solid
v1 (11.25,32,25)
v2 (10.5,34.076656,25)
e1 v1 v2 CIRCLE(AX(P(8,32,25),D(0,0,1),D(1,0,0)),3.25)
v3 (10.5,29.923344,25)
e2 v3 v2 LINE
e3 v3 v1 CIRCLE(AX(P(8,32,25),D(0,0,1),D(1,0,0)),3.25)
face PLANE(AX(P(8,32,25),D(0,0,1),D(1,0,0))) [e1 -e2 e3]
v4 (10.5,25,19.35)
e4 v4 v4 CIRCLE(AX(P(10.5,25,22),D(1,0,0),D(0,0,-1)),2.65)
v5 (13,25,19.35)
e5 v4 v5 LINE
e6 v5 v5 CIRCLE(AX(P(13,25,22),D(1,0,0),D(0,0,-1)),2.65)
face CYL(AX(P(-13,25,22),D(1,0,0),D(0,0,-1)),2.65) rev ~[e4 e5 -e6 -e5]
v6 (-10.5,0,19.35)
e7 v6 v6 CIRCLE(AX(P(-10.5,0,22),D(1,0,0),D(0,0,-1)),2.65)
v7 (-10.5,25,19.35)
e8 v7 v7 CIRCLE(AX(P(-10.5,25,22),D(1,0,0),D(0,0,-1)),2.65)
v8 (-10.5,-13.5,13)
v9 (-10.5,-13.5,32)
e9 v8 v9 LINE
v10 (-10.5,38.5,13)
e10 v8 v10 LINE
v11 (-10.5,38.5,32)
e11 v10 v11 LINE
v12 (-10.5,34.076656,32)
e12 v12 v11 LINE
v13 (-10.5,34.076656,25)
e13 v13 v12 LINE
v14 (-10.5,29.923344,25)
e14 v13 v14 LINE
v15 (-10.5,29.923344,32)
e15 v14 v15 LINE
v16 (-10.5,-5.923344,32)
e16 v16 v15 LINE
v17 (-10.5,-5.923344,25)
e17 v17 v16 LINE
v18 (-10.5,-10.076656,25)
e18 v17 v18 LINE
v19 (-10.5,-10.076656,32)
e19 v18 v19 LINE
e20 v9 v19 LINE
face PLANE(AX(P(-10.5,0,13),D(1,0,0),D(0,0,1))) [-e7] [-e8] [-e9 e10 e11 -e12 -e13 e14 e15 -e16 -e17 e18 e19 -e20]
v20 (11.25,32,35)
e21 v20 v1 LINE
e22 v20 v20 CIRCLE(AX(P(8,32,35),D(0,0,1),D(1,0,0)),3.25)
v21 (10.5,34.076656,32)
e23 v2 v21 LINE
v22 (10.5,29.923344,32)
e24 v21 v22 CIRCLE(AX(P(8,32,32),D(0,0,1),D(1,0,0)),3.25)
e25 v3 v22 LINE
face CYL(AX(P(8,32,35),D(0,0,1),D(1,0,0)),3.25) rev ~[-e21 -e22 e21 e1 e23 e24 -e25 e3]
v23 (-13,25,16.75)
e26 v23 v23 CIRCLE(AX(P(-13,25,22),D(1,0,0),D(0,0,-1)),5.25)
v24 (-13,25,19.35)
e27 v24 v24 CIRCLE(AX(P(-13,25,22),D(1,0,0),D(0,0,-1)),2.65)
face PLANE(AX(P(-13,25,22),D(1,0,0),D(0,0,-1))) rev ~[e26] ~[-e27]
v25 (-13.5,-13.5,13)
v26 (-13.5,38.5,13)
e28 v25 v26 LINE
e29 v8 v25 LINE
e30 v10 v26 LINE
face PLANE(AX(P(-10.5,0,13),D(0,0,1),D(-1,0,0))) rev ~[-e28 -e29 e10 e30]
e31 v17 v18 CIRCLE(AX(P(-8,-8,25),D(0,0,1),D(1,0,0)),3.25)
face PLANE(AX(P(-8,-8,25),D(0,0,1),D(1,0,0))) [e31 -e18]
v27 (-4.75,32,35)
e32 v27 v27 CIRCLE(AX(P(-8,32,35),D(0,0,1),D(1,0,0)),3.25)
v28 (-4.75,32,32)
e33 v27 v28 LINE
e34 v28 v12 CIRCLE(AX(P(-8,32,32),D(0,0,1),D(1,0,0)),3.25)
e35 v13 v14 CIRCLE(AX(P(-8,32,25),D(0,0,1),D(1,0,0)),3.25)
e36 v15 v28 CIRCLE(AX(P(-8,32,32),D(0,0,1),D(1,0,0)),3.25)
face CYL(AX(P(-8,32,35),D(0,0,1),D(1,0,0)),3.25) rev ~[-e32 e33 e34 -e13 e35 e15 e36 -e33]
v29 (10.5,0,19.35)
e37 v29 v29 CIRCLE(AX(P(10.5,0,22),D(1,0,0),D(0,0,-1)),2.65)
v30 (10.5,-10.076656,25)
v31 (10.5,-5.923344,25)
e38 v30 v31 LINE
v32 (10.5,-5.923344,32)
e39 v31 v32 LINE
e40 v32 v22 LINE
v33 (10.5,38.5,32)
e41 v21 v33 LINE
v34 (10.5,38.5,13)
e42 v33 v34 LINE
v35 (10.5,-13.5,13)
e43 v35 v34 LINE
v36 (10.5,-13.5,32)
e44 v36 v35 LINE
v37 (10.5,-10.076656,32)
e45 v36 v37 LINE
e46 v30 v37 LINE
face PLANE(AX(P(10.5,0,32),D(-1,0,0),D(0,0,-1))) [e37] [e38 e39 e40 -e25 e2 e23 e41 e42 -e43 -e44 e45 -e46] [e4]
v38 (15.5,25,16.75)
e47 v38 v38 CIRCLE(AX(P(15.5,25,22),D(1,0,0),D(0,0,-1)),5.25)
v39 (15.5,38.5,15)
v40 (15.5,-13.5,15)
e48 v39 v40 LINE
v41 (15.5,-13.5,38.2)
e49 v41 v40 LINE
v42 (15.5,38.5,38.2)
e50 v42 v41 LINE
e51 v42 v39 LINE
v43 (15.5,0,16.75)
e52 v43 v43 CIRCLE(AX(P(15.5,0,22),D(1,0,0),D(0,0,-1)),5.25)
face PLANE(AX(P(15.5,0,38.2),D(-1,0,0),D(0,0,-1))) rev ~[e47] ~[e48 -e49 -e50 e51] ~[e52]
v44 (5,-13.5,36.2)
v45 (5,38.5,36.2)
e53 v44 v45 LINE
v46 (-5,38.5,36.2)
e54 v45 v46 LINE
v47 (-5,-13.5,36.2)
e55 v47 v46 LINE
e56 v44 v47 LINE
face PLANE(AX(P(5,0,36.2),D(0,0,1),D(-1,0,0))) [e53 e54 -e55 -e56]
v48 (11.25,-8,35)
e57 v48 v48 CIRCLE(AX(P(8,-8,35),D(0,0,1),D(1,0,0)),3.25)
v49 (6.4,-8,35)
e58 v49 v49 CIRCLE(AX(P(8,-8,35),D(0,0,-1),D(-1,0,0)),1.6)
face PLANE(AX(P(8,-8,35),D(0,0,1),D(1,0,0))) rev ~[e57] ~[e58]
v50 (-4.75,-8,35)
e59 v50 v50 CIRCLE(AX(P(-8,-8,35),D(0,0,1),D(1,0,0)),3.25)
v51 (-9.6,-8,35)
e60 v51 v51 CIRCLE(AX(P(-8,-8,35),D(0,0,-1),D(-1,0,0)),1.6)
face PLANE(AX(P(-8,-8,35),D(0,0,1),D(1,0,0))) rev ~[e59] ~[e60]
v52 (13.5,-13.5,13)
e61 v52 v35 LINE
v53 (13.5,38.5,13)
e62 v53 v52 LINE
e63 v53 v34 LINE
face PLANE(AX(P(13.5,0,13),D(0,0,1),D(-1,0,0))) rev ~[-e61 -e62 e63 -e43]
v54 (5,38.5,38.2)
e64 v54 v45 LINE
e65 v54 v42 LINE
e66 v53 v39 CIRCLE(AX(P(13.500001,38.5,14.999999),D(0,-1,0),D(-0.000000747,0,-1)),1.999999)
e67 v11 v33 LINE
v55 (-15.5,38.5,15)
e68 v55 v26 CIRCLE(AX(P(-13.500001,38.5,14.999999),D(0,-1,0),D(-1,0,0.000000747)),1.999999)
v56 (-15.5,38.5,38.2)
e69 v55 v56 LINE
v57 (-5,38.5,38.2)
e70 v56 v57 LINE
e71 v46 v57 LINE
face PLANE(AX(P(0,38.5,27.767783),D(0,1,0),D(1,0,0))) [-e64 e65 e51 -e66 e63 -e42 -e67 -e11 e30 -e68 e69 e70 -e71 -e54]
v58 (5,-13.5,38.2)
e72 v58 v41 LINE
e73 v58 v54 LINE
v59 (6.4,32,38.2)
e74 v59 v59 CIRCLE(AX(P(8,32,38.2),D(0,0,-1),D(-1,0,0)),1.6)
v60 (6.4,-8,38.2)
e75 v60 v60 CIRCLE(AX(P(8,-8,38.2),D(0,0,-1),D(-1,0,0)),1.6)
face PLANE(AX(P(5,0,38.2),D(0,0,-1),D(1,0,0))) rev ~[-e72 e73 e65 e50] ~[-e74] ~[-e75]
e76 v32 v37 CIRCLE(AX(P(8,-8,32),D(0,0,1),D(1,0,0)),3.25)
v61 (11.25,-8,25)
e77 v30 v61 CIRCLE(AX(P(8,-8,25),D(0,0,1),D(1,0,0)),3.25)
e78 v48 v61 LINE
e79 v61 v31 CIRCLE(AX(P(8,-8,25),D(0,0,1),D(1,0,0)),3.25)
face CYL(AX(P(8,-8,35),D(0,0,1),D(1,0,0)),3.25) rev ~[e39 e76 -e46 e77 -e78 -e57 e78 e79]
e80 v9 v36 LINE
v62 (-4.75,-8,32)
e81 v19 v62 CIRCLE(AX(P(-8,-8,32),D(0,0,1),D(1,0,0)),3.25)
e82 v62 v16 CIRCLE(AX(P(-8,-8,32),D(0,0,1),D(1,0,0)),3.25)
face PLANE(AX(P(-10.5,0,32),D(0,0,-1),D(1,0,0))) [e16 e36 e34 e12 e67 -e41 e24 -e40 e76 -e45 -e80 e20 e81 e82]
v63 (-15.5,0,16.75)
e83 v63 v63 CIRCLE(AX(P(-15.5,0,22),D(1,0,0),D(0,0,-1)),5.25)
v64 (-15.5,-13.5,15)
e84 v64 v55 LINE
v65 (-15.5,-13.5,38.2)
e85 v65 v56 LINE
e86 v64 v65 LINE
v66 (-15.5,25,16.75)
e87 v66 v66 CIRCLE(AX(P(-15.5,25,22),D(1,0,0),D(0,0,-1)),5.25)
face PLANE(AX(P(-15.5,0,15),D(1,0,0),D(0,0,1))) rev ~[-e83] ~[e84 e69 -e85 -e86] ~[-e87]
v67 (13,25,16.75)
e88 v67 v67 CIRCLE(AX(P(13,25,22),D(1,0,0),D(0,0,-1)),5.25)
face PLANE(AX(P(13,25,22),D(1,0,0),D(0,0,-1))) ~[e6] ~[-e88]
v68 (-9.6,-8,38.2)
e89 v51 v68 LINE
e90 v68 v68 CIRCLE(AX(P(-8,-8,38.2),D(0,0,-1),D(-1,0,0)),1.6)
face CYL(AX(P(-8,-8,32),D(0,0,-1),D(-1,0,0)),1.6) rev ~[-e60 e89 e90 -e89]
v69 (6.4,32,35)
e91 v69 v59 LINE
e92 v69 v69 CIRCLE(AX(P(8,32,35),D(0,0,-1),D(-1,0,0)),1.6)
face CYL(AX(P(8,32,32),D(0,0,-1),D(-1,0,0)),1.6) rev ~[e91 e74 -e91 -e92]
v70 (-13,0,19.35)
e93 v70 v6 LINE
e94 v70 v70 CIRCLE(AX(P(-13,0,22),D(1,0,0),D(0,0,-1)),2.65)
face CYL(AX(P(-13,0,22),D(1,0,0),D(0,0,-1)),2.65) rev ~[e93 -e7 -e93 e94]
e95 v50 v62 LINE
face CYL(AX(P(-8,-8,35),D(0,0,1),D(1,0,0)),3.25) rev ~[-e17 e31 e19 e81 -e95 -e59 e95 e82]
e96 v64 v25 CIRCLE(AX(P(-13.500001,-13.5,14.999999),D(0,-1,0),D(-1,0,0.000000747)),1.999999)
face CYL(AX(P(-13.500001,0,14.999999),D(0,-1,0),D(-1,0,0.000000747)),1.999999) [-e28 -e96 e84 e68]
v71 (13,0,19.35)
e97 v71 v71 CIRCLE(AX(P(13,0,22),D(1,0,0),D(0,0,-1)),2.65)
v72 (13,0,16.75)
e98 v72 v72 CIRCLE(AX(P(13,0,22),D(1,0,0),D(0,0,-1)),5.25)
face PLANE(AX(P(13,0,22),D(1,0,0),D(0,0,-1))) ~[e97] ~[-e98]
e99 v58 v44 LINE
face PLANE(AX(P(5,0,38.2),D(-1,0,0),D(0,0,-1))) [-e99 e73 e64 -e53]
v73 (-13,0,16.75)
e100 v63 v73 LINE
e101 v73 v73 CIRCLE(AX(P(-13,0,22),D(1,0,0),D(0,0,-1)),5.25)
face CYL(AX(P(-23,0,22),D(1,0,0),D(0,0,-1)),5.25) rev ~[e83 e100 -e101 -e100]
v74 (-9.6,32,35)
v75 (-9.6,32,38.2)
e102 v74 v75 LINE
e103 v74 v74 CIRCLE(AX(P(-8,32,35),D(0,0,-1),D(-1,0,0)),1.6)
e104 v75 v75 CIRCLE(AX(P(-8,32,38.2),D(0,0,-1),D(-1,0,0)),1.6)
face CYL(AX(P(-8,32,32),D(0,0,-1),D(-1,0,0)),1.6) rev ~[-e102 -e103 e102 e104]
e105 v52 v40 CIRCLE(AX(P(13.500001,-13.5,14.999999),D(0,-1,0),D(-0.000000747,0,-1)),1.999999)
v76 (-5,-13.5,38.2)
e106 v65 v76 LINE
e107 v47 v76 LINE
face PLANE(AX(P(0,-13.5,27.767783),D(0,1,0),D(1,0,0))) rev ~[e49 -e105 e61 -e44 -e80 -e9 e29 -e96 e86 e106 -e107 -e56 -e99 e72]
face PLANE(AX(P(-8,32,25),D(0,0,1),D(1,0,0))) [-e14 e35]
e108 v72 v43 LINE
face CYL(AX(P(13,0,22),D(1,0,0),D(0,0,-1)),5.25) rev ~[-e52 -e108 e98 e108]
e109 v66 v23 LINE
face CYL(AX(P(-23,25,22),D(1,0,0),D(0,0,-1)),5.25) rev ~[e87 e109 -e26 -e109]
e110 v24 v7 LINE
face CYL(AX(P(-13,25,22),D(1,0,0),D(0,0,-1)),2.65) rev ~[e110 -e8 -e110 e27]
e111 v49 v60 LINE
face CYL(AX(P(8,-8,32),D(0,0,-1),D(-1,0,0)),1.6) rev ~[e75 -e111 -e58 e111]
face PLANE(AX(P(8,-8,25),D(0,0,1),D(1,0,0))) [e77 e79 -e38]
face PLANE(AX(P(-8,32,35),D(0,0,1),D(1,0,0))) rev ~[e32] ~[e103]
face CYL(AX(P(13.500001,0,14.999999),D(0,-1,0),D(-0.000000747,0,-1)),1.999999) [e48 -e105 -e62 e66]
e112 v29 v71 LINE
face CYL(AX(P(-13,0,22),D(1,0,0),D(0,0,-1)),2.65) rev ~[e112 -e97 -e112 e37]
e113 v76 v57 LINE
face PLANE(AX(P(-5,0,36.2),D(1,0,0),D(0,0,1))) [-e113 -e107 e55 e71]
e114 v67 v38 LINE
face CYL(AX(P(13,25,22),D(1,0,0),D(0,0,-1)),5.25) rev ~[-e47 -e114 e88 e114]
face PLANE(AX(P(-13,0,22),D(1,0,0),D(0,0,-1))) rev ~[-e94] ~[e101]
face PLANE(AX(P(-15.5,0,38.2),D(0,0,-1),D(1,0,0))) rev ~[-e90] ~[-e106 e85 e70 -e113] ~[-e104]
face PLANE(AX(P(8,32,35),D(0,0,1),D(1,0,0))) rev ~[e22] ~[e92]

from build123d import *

# Parameters (mm, degrees)
PAD031_DEPTH            = 13.5
PAD031_DEPTH_BACK       = 38.5
SKETCH097_R             = 1.6
POCKET050_DEPTH         = 6.201
POCKET050_DEPTH_BACK    = 19.001
SKETCH100_R             = 3.25
POCKET051_DEPTH         = 10
LINEARPATTERN_COUNT     = 2
LINEARPATTERN_PITCH     = 25
BODY029_PLACEMENT_ANGLE = 180


with BuildPart() as part:
    # Sketch099 → Pad031 (new body, two sides)
    with BuildSketch(Plane.XZ) as pad031_sk:
        with BuildLine():
            Line((-13.5, 19), (-10.5, 19))
            Line((-10.5, 0), (-10.5, 19))
            Line((10.5, 0), (-10.5, 0))
            Line((10.5, 19), (10.5, 0))
            Line((10.5, 19), (13.5, 19))
            ThreePointArc((15.5, 17), (14.914214, 18.414214), (13.5, 19))
            Line((15.5, 17), (15.5, -6.2))
            Line((15.5, -6.2), (5, -6.2))
            Line((5, -4.2), (5, -6.2))
            Line((-5, -4.2), (5, -4.2))
            Line((-5, -6.2), (-5, -4.2))
            Line((-5, -6.2), (-15.5, -6.2))
            Line((-15.5, -6.2), (-15.5, 17))
            ThreePointArc((-13.5, 19), (-14.914214, 18.414214), (-15.5, 17))
        make_face()
    extrude(amount=PAD031_DEPTH)
    extrude(pad031_sk.sketch, amount=-PAD031_DEPTH_BACK)

    # Sketch097 → Pocket050 (cut, two sides)
    with BuildSketch(Plane.XY) as pocket050_sk:
        with Locations((-8, 32)):
            Circle(SKETCH097_R)
        with Locations((8, 32)):
            Circle(SKETCH097_R)
        with Locations((-8, -8)):
            Circle(SKETCH097_R)
        with Locations((8, -8)):
            Circle(SKETCH097_R)
    extrude(amount=-POCKET050_DEPTH, mode=Mode.SUBTRACT)
    extrude(pocket050_sk.sketch, amount=POCKET050_DEPTH_BACK, mode=Mode.SUBTRACT)

    # Sketch100 → Pocket051 (cut)
    with BuildSketch(Plane(origin=(0, 0, -3), x_dir=(-1, 0, 0), z_dir=(0, 0, -1))):
        with Locations((-8, 32)):
            Circle(SKETCH100_R)
        with Locations((8, 32)):
            Circle(SKETCH100_R)
        with Locations((-8, -8)):
            Circle(SKETCH100_R)
        with Locations((8, -8)):
            Circle(SKETCH100_R)
    extrude(amount=-POCKET051_DEPTH, mode=Mode.SUBTRACT)

    # Sketch110 → Groove (revolve, cut)
    with BuildSketch(Plane(origin=(0, 0, 10), x_dir=(-1, 0, 0), z_dir=(0, 1, 0))):
        Polygon((-13, 2.65), (13, 2.65), (13, 5.25), (23, 5.25), (23, 0), (-23, 0), (-23, 5.25), (-13, 5.25), align=None)
    groove = revolve(axis=Axis((0, 0, 10), (-1, 0, 0)), mode=Mode.SUBTRACT)

    # LinearPattern: Groove ×2
    with Locations(*[(0, i * LINEARPATTERN_PITCH, 0) for i in range(1, LINEARPATTERN_COUNT)]):
        add(groove, mode=Mode.SUBTRACT)


with BuildPart() as part_1:
    # Body029 placement: moved
    add(part.part.moved(Location((0, 0, 32))).rotate(Axis((0, 0, 32), (0, 1, 0)), BODY029_PLACEMENT_ANGLE))


solid = part_1.part
